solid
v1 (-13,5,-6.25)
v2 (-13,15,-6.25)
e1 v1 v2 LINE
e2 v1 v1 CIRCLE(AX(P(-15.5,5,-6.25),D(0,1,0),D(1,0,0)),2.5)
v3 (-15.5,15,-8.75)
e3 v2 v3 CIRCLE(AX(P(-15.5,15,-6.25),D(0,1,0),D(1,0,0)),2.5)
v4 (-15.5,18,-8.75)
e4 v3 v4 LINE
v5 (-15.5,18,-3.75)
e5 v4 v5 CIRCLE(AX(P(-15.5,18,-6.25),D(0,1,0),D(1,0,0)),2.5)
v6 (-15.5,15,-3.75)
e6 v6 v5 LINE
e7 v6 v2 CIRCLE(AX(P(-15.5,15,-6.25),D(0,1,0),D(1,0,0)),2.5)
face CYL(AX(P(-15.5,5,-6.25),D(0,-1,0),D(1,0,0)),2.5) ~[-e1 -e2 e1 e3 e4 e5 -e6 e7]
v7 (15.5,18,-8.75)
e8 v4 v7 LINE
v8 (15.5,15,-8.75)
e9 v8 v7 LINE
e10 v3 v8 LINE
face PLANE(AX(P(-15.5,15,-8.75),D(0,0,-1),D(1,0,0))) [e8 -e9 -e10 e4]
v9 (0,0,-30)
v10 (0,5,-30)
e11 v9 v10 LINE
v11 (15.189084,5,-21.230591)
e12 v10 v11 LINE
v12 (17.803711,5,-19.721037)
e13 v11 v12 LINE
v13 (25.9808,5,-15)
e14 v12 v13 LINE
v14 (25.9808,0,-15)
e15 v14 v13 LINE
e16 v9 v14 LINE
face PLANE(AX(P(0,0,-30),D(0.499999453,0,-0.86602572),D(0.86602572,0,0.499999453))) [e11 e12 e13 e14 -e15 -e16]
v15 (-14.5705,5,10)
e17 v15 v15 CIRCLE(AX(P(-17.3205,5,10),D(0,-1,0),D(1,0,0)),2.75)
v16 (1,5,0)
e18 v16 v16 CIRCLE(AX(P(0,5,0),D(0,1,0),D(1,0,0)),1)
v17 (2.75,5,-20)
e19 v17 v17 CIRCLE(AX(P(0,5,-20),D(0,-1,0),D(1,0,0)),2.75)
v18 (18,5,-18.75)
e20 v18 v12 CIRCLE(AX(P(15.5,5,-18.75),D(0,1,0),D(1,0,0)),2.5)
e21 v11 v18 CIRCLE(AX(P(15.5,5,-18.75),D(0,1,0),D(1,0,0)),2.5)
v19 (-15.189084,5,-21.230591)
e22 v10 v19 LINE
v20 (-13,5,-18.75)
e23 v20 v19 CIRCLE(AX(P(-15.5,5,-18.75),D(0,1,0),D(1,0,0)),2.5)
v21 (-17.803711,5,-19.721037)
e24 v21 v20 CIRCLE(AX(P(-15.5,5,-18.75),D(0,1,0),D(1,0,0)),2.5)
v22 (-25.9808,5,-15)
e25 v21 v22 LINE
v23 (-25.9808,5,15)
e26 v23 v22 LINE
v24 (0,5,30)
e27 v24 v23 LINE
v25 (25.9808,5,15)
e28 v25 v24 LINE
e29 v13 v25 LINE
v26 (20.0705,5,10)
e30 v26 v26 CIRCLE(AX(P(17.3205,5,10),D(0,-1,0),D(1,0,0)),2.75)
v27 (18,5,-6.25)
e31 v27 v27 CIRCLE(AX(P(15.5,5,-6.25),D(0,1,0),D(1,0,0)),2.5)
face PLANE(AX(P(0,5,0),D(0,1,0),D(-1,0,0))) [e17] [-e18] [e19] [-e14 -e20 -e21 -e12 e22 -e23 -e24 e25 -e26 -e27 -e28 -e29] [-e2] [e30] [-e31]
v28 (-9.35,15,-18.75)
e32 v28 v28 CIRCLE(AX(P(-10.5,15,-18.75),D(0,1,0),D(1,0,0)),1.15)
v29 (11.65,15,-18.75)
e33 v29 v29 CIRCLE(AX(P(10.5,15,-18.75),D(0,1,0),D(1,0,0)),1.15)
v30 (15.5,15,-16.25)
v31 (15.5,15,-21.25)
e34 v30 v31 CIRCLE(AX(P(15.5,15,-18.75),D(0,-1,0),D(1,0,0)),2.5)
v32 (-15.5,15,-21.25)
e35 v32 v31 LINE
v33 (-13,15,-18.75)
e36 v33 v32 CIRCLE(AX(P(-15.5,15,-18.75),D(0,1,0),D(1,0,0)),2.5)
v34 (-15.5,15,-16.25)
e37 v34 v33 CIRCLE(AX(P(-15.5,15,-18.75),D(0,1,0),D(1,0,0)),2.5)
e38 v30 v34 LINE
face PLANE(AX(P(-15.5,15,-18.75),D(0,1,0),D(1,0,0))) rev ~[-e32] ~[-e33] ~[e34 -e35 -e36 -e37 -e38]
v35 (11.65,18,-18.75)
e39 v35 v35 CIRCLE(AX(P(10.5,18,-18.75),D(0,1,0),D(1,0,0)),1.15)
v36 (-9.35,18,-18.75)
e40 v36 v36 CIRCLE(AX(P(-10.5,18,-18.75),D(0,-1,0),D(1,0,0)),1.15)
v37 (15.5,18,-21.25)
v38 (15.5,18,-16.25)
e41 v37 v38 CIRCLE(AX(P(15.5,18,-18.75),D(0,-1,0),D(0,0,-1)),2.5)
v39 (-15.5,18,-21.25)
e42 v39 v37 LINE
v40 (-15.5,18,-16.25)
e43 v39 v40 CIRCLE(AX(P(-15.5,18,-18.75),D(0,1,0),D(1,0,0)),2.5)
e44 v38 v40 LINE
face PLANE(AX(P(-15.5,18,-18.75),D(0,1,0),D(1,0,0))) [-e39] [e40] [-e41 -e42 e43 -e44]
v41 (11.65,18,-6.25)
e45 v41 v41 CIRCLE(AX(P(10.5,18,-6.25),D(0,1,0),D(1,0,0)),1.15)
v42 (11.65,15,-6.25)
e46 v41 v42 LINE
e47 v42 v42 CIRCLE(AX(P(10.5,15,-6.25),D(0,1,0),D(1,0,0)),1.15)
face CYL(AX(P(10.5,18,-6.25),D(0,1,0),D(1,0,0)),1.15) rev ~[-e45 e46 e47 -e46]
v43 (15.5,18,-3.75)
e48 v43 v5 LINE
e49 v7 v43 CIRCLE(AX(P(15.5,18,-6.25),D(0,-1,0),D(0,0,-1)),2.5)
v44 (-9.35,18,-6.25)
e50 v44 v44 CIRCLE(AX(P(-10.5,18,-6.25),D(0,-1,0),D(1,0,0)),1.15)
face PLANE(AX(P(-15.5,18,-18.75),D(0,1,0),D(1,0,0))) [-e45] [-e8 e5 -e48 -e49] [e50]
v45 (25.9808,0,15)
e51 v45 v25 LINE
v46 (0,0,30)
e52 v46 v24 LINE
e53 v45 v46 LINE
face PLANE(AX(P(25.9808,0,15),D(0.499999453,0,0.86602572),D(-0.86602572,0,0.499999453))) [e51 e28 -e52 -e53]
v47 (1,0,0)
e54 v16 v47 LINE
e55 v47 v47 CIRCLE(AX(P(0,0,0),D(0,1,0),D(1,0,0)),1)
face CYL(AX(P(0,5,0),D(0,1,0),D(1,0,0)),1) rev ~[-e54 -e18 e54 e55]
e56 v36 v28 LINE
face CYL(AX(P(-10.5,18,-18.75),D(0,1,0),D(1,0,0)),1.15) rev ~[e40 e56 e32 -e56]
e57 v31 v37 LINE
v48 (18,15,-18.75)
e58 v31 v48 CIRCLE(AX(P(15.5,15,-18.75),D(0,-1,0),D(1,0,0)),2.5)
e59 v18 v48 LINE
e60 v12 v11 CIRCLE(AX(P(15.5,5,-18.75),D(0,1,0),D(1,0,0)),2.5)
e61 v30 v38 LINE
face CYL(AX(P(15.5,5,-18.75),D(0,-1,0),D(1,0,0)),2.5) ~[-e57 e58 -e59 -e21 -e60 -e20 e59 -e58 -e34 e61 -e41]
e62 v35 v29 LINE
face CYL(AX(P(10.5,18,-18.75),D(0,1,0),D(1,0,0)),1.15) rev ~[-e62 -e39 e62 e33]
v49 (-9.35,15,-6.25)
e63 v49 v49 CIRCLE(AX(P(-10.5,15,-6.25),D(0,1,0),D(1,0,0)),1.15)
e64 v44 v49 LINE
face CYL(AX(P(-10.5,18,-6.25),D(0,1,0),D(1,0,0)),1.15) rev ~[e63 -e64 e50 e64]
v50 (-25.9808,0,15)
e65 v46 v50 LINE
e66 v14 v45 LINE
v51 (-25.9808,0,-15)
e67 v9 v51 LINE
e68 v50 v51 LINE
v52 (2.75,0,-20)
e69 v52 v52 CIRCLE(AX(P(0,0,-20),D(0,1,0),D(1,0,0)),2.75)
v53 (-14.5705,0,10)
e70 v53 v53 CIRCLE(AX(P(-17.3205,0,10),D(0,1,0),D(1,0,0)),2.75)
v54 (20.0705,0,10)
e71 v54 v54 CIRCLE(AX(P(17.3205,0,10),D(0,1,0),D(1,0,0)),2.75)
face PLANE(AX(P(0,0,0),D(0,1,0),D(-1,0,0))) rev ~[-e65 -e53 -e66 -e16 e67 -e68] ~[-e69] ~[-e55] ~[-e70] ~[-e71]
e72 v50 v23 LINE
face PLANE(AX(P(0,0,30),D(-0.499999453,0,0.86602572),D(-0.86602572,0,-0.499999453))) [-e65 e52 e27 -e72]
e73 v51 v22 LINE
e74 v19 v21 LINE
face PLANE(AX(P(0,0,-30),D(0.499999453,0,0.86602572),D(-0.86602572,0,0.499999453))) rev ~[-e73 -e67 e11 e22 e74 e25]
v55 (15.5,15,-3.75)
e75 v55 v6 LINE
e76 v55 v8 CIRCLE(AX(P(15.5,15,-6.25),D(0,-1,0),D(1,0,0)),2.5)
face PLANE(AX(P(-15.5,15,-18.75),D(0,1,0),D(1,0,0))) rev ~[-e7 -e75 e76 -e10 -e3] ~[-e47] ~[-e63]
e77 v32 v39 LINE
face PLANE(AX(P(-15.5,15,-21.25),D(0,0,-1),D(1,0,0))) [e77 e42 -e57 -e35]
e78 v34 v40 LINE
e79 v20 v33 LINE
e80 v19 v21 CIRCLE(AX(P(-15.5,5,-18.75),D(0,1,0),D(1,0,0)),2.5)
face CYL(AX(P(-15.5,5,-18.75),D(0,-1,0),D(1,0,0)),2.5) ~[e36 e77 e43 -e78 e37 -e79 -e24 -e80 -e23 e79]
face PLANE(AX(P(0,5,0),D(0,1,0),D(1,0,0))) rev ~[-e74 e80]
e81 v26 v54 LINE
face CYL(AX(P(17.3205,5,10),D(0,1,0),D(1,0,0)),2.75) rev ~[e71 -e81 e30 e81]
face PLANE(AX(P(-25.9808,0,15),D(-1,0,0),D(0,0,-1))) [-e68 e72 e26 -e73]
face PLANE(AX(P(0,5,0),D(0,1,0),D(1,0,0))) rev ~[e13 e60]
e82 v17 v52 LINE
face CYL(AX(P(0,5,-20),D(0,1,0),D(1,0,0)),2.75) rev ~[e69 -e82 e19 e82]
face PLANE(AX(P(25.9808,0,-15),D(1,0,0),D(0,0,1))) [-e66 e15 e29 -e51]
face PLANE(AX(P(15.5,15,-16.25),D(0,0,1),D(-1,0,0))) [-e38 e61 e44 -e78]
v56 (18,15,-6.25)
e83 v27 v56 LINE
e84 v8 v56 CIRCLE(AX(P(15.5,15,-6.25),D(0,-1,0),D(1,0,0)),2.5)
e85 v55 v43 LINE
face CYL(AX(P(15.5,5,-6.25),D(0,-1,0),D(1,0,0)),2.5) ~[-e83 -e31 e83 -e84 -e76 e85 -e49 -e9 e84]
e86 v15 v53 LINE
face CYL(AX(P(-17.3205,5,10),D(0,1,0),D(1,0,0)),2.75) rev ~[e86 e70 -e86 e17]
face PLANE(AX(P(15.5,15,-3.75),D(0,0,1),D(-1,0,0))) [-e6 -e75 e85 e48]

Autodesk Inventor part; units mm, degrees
ref_plane "YZ Plane" through (0, 0, 0) normal (1, 0, 0) x (0, 1, 0)
ref_plane "XZ Plane" through (0, 0, 0) normal (0, 1, 0) x (-1, 0, 0)
ref_plane "XY Plane" through (0, 0, 0) normal (0, 0, 1) x (1, 0, 0)
sketch "Sketch1" plane through (0, 0, 0) normal (0, 1, 0) x (-1, 0, 0)
  line L0 (0, 0) -> (0, -30)
  circle A0 centre (0, 0) radius 30
  line L1 (0, -30) -> (-25.9808, -15)
  line L2 (0, -30) -> (30, -30) construction
  line L3 (-25.9808, -15) -> (-25.9808, 15)
  line L4 (-25.9808, -15) -> (4.0192, -15) construction
  line L5 (-25.9808, 15) -> (0, 30)
  line L6 (0, 30) -> (25.9808, 15)
  line L7 (25.9808, 15) -> (25.9808, -15)
  line L8 (0, -30) -> (25.9808, -15)
  dimension "d0" = 30
  dimension "d1" = 150
  dimension "d3" = 30
  dimension "d4" = 90
  dimension "d5" = 30
  dimension "d6" = 120
  dimension "d7" = 25.9808
extrude "Extrusion1" add sketch "Sketch1" along normal blind 5 contours L7 L8 L1 L3 L5 L6
sketch "Sketch2" plane through (0, 5, 0) normal (0, 1, 0) x (1, 0, 0)
  line L0 (0, 0) -> (0, 20)
  circle A0 centre (0, 20) radius 2.75
  line L1 (0, 0) -> (17.3205, -10)
  line L2 (0, 0) -> (20, 0) construction
  line L3 (0, 0) -> (-17.3205, -10)
  line L4 (0, 0) -> (20, 0) construction
  circle A1 centre (-17.3205, -10) radius 2.75
  circle A2 centre (17.3205, -10) radius 2.75
  dimension "d10" = 20
  dimension "d11" = 5.5
  dimension "d12" = 20
  dimension "d13" = 30
  dimension "d14" = 20
  dimension "d15" = 150
  dimension "d16" = 5.5
  dimension "d17" = 5.5
extrude "Extrusion2" cut sketch "Sketch2" against normal blind 10
sketch "Sketch3" plane through (0, 5, 0) normal (0, 1, 0) x (1, 0, 0)
  line L0 (0, 0) -> (0, 12.5)
  line L1 (10.5, 6.25) -> (-10.5, 6.25)
  line L2 (-10.5, 6.25) -> (-10.5, 18.75)
  line L3 (-10.5, 18.75) -> (10.5, 18.75)
  line L4 (10.5, 18.75) -> (10.5, 6.25)
  line L5 (10.5, 6.25) -> (-10.5, 18.75) construction
  line L6 (-10.5, 6.25) -> (10.5, 18.75) construction
  line L7 (-10.5, 18.75) -> (-15.5, 18.75)
  line L8 (-10.5, 6.25) -> (-15.5, 6.25)
  line L9 (10.5, 18.75) -> (15.5, 18.75)
  line L10 (10.5, 18.75) -> (15.5, 18.75) construction
  line L11 (10.5, 6.25) -> (15.5, 6.25)
  circle A0 centre (-15.5, 18.75) radius 2.5
  circle A1 centre (-15.5, 6.25) radius 2.5
  circle A2 centre (15.5, 18.75) radius 2.5
  circle A3 centre (15.5, 6.25) radius 2.5
  dimension "d20" = 12.5
  dimension "d21" = 21
  dimension "d22" = 12.5
  dimension "d29" = 5
  dimension "d30" = 5
  dimension "d31" = 5
  dimension "d32" = 0
  dimension "d33" = 5
  dimension "d34" = 5
  dimension "d35" = 5
  dimension "d36" = 5
  dimension "d37" = 5
extrude "Extrusion4" add sketch "Sketch3" along normal blind 10 contours A1 | A0 | A2 | A3
sketch "Sketch4" plane through (-15.5, 15, -18.75) normal (0, 1, 0) x (1, 0, 0)
  circle A0 centre (0, 0) radius 2.5 projected
  line L0 (0, 2.5) -> (31, 2.5)
  line L1 (31, 2.5) -> (31, -2.5)
  line L2 (31, -2.5) -> (0, -2.5)
  line L3 (0, -2.5) -> (0, 2.5)
  circle A1 centre (0, -12.5) radius 2.5 projected
  line L4 (0, -10) -> (31, -10)
  line L5 (31, -10) -> (31, -15)
  line L6 (31, -15) -> (0, -15)
  line L7 (0, -15) -> (0, -10)
  circle A2 centre (31, -12.5) radius 2.5 projected
  circle A3 centre (31, 0) radius 2.5 projected
  point P0 (15.5, -18.75)
  dimension "d40" = 31
  dimension "d41" = 5
  dimension "d42" = 2.5
  dimension "d43" = 31
  dimension "d44" = 5
  dimension "d49" = 2.5
extrude "Extrusion5" add sketch "Sketch4" along normal blind 3
sketch "Sketch5" plane through (-15.5, 18, -18.75) normal (0, 1, 0) x (1, 0, 0)
  circle A0 centre (0, 0) radius 2.5 projected
  line L0 (0, 0) -> (5, 0)
  arc A1 (31, -2.5) -> (31, 2.5) centre (31, 0) ccw projected
  line L1 (31, 0) -> (26, 0)
  circle A2 centre (0, -12.5) radius 2.5 projected
  line L2 (0, -12.5) -> (5, -12.5)
  circle A3 centre (31, -12.5) radius 2.5 projected
  line L3 (31, -12.5) -> (26, -12.5)
  circle A4 centre (5, 0) radius 1.15
  circle A5 centre (26, 0) radius 1.15
  circle A6 centre (5, -12.5) radius 1.15
  circle A7 centre (26, -12.5) radius 1.15
  point P0 (15.5, -18.75)
  dimension "d52" = 5
  dimension "d53" = 5
  dimension "d54" = 5
  dimension "d55" = 5
  dimension "d56" = 2.3
  dimension "d57" = 2.3
  dimension "d58" = 2.3
  dimension "d59" = 2.3
extrude "Extrusion6" cut sketch "Sketch5" against normal blind 3 contours A4 | A6 | A7 | A5
sketch "Sketch6" plane through (0, 5, 0) normal (0, 1, 0) x (1, 0, 0)
  circle A0 centre (0, 0) radius 1
  dimension "d62" = 2
extrude "Extrusion7" cut sketch "Sketch6" against normal blind 10
properties part number "80_20_Connector_Bot"
